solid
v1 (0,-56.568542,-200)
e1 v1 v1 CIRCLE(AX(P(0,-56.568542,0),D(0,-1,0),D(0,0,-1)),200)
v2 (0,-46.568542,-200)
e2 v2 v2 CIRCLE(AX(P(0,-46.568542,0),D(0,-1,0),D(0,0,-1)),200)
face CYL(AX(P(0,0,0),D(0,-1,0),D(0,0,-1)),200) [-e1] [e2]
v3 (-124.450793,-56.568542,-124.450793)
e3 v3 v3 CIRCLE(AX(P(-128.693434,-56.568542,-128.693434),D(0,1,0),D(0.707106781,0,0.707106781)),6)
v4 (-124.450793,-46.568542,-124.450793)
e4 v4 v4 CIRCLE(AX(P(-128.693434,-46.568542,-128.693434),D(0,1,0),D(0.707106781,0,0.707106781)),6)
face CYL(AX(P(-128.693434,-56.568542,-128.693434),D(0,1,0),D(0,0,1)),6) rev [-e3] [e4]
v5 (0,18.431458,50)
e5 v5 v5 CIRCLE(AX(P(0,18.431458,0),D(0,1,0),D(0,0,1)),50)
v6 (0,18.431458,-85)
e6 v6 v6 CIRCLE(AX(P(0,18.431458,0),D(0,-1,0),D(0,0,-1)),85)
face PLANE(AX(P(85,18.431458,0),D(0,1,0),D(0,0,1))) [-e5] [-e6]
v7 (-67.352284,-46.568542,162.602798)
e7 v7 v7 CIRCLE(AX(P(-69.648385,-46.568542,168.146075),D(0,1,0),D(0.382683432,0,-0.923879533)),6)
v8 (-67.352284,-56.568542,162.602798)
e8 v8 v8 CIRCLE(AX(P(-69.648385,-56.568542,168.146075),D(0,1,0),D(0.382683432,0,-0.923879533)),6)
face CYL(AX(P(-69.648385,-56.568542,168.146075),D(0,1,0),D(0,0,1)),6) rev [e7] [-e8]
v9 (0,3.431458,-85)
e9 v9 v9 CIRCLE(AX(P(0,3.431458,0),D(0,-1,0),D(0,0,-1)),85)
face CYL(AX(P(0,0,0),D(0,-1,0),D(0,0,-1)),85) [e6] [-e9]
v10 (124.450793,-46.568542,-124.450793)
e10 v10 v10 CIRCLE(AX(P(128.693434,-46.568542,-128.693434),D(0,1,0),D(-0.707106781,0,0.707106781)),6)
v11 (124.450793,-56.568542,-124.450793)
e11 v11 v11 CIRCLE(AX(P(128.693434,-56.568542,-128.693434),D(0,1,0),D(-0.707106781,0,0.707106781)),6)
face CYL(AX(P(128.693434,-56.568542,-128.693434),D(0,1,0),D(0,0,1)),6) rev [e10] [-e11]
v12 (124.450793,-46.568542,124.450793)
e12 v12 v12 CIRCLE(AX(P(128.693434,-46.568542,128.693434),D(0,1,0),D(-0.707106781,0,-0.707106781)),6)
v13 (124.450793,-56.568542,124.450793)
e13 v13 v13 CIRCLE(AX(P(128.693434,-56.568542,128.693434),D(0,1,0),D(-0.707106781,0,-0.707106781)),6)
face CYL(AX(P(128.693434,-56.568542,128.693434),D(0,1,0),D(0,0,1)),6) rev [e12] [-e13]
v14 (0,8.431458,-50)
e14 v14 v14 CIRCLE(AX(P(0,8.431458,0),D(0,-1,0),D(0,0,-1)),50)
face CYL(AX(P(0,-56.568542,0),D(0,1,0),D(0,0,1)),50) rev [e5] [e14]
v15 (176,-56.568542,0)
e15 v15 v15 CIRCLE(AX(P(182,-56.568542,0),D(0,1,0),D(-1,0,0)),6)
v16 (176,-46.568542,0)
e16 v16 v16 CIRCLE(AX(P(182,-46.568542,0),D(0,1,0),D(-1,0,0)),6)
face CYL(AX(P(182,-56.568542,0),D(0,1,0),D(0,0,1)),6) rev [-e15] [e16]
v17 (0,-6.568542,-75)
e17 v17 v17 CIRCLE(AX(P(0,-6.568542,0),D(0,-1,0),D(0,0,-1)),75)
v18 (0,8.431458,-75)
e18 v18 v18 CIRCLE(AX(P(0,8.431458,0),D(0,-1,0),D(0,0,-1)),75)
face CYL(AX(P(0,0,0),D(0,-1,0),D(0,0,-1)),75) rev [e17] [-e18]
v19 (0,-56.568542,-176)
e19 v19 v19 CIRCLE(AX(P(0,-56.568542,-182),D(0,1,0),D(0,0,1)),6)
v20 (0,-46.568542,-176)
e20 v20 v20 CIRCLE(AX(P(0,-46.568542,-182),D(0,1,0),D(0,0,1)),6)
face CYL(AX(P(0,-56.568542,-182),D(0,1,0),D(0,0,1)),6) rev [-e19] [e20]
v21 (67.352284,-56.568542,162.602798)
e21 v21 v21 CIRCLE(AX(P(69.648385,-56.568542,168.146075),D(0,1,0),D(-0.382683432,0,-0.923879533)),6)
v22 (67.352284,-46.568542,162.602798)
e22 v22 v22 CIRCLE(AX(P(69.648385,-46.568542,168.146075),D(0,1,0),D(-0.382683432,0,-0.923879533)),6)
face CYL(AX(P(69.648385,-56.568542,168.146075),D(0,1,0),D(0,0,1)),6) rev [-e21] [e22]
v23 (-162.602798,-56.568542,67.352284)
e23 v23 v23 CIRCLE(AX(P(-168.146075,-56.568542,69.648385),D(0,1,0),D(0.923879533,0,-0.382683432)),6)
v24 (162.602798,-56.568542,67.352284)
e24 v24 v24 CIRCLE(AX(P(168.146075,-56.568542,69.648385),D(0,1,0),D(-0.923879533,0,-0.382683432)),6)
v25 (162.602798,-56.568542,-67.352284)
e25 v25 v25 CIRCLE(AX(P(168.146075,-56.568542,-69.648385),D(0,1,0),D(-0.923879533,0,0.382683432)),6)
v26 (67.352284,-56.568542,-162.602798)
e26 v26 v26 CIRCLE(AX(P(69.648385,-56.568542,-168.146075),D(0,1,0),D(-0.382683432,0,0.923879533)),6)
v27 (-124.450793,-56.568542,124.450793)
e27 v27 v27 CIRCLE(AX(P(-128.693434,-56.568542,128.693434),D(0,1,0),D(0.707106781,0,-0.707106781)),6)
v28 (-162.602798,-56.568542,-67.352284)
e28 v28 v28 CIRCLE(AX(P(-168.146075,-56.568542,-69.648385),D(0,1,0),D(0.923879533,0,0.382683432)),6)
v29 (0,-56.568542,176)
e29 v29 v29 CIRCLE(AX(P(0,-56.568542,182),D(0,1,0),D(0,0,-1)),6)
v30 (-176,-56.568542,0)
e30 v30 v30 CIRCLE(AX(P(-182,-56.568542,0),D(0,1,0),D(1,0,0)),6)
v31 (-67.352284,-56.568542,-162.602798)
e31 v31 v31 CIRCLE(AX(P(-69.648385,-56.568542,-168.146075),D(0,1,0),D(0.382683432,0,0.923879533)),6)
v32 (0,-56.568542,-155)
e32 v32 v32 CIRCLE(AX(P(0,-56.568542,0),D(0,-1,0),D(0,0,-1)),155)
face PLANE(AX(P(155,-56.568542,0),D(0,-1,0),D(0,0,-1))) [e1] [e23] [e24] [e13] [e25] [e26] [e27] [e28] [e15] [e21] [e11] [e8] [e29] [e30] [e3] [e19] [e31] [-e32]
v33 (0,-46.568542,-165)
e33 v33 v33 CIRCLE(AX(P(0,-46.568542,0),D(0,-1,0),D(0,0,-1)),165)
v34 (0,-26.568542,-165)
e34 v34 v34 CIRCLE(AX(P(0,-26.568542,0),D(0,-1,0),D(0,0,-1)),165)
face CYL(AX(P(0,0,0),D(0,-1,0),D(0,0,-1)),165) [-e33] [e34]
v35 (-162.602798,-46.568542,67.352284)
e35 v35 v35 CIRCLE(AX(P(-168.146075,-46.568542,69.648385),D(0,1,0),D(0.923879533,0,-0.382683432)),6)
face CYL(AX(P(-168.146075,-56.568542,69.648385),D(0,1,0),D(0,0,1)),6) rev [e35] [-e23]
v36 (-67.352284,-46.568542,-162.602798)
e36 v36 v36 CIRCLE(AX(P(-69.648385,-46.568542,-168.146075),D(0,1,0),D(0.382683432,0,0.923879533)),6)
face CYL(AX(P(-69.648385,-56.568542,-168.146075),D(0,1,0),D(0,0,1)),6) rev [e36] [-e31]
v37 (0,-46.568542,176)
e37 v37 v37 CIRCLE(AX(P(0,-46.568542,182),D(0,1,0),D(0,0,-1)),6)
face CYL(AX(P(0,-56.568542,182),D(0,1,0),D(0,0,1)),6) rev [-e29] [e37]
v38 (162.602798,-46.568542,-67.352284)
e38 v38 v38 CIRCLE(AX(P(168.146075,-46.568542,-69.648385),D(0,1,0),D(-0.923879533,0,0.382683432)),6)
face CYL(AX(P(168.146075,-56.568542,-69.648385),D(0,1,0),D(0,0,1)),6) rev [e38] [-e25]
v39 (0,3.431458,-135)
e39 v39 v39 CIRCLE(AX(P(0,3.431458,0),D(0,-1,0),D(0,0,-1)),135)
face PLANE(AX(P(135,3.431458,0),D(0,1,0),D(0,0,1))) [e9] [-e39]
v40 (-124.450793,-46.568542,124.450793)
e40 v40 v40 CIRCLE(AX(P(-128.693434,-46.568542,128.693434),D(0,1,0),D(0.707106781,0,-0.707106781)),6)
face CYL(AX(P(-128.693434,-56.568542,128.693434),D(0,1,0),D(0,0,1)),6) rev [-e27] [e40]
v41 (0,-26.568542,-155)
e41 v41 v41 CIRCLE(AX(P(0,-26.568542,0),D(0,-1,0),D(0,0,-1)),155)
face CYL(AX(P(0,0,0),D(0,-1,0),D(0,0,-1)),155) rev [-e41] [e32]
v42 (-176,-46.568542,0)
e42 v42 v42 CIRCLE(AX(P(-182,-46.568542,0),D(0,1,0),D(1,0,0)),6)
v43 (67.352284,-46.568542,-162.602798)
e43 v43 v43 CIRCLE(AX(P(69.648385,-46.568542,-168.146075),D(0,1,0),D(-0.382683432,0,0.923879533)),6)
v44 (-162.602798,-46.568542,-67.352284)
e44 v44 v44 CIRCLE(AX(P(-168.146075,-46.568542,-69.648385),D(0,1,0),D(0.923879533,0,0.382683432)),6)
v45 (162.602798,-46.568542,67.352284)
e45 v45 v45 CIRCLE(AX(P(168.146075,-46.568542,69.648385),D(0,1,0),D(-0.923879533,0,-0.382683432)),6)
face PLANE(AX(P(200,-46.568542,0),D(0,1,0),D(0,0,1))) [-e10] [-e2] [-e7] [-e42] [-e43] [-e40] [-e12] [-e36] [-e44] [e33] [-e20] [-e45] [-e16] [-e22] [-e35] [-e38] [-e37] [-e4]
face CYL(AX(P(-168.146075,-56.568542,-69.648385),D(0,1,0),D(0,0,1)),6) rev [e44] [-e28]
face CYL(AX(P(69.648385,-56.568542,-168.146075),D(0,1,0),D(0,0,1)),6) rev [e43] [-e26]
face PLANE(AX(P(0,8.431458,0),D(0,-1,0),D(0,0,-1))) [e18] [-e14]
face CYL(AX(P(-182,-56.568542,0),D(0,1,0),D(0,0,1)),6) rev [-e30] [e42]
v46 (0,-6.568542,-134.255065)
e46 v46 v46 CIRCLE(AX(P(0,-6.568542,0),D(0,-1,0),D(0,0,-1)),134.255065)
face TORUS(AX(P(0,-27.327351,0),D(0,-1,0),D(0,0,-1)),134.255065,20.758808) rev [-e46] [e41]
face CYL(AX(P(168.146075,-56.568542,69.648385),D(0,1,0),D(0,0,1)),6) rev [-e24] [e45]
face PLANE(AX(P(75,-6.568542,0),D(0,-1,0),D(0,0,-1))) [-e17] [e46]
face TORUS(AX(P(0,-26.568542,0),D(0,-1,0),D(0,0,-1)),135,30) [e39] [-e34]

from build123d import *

# Parameters (mm, degrees)
SKETCH3_R          = 6
CUT_EXTRUDE1_DEPTH = 291.215437219
CIRPATTERN1_COUNT  = 16
SKETCH4_R          = 50
CUT_EXTRUDE2_DEPTH = 293.617497768


with BuildPart() as part:
    # Sketch2 → Revolve1 (revolve)
    with BuildSketch(Plane.XY, mode=Mode.PRIVATE) as revolve1_sk:
        with BuildLine():
            Line((155, -56.568542495), (200, -56.568542495))
            Line((200, -56.568542495), (200, -46.568542495))
            Line((200, -46.568542495), (165, -46.568542495))
            Line((165, -46.568542495), (165, -26.568542495))
            ThreePointArc((165, -26.568542495), (156.213203436, -5.355339059), (135, 3.431457505))
            Line((135, 3.431457505), (85, 3.431457505))
            Line((85, 3.431457505), (85, 18.431457505))
            Line((85, 18.431457505), (0, 18.431457505))
            Line((0, 18.431457505), (0, 8.431457505))
            Line((0, 8.431457505), (75, 8.431457505))
            Line((75, 8.431457505), (75, -6.568542495))
            Line((75, -6.568542495), (134.255065141, -6.568542495))
            ThreePointArc((134.255065141, -6.568542495), (148.662982429, -12.382785273), (155, -26.568542495))
            Line((155, -26.568542495), (155, -56.568542495))
        make_face()
    revolve(revolve1_sk.sketch.rotate(Axis((0, 0, 0), (0, 1, 0)), 90), axis=Axis((0, 0, 0), (0, 1, 0)))

    # Sketch3 → Cut-Extrude1 (cut, through all)
    with BuildSketch(Plane(origin=(0, -46.568542495, 0), x_dir=(1, 0, 0), z_dir=(0, 1, 0))):
        with Locations(Location((0, 182, 0), (0, 0, 270))):
            Circle(SKETCH3_R)
    cut_extrude1 = extrude(amount=-CUT_EXTRUDE1_DEPTH, mode=Mode.SUBTRACT)

    # CirPattern1: Cut-Extrude1 ×16 about axis
    cirpattern1_axis = Axis((0, 0, 0), (0, 1, 0))
    for i in range(1, CIRPATTERN1_COUNT):
        add(cut_extrude1.rotate(cirpattern1_axis, i * 360 / CIRPATTERN1_COUNT), mode=Mode.SUBTRACT)

    # Sketch4 → Cut-Extrude2 (cut, through all)
    with BuildSketch(Plane(origin=(0, 18.431457505, 0), x_dir=(1, 0, 0), z_dir=(0, 1, 0))):
        with Locations(Location((0, 0, 0), (0, 0, 270))):
            Circle(SKETCH4_R)
    extrude(amount=-CUT_EXTRUDE2_DEPTH, mode=Mode.SUBTRACT)


solid = part.part
